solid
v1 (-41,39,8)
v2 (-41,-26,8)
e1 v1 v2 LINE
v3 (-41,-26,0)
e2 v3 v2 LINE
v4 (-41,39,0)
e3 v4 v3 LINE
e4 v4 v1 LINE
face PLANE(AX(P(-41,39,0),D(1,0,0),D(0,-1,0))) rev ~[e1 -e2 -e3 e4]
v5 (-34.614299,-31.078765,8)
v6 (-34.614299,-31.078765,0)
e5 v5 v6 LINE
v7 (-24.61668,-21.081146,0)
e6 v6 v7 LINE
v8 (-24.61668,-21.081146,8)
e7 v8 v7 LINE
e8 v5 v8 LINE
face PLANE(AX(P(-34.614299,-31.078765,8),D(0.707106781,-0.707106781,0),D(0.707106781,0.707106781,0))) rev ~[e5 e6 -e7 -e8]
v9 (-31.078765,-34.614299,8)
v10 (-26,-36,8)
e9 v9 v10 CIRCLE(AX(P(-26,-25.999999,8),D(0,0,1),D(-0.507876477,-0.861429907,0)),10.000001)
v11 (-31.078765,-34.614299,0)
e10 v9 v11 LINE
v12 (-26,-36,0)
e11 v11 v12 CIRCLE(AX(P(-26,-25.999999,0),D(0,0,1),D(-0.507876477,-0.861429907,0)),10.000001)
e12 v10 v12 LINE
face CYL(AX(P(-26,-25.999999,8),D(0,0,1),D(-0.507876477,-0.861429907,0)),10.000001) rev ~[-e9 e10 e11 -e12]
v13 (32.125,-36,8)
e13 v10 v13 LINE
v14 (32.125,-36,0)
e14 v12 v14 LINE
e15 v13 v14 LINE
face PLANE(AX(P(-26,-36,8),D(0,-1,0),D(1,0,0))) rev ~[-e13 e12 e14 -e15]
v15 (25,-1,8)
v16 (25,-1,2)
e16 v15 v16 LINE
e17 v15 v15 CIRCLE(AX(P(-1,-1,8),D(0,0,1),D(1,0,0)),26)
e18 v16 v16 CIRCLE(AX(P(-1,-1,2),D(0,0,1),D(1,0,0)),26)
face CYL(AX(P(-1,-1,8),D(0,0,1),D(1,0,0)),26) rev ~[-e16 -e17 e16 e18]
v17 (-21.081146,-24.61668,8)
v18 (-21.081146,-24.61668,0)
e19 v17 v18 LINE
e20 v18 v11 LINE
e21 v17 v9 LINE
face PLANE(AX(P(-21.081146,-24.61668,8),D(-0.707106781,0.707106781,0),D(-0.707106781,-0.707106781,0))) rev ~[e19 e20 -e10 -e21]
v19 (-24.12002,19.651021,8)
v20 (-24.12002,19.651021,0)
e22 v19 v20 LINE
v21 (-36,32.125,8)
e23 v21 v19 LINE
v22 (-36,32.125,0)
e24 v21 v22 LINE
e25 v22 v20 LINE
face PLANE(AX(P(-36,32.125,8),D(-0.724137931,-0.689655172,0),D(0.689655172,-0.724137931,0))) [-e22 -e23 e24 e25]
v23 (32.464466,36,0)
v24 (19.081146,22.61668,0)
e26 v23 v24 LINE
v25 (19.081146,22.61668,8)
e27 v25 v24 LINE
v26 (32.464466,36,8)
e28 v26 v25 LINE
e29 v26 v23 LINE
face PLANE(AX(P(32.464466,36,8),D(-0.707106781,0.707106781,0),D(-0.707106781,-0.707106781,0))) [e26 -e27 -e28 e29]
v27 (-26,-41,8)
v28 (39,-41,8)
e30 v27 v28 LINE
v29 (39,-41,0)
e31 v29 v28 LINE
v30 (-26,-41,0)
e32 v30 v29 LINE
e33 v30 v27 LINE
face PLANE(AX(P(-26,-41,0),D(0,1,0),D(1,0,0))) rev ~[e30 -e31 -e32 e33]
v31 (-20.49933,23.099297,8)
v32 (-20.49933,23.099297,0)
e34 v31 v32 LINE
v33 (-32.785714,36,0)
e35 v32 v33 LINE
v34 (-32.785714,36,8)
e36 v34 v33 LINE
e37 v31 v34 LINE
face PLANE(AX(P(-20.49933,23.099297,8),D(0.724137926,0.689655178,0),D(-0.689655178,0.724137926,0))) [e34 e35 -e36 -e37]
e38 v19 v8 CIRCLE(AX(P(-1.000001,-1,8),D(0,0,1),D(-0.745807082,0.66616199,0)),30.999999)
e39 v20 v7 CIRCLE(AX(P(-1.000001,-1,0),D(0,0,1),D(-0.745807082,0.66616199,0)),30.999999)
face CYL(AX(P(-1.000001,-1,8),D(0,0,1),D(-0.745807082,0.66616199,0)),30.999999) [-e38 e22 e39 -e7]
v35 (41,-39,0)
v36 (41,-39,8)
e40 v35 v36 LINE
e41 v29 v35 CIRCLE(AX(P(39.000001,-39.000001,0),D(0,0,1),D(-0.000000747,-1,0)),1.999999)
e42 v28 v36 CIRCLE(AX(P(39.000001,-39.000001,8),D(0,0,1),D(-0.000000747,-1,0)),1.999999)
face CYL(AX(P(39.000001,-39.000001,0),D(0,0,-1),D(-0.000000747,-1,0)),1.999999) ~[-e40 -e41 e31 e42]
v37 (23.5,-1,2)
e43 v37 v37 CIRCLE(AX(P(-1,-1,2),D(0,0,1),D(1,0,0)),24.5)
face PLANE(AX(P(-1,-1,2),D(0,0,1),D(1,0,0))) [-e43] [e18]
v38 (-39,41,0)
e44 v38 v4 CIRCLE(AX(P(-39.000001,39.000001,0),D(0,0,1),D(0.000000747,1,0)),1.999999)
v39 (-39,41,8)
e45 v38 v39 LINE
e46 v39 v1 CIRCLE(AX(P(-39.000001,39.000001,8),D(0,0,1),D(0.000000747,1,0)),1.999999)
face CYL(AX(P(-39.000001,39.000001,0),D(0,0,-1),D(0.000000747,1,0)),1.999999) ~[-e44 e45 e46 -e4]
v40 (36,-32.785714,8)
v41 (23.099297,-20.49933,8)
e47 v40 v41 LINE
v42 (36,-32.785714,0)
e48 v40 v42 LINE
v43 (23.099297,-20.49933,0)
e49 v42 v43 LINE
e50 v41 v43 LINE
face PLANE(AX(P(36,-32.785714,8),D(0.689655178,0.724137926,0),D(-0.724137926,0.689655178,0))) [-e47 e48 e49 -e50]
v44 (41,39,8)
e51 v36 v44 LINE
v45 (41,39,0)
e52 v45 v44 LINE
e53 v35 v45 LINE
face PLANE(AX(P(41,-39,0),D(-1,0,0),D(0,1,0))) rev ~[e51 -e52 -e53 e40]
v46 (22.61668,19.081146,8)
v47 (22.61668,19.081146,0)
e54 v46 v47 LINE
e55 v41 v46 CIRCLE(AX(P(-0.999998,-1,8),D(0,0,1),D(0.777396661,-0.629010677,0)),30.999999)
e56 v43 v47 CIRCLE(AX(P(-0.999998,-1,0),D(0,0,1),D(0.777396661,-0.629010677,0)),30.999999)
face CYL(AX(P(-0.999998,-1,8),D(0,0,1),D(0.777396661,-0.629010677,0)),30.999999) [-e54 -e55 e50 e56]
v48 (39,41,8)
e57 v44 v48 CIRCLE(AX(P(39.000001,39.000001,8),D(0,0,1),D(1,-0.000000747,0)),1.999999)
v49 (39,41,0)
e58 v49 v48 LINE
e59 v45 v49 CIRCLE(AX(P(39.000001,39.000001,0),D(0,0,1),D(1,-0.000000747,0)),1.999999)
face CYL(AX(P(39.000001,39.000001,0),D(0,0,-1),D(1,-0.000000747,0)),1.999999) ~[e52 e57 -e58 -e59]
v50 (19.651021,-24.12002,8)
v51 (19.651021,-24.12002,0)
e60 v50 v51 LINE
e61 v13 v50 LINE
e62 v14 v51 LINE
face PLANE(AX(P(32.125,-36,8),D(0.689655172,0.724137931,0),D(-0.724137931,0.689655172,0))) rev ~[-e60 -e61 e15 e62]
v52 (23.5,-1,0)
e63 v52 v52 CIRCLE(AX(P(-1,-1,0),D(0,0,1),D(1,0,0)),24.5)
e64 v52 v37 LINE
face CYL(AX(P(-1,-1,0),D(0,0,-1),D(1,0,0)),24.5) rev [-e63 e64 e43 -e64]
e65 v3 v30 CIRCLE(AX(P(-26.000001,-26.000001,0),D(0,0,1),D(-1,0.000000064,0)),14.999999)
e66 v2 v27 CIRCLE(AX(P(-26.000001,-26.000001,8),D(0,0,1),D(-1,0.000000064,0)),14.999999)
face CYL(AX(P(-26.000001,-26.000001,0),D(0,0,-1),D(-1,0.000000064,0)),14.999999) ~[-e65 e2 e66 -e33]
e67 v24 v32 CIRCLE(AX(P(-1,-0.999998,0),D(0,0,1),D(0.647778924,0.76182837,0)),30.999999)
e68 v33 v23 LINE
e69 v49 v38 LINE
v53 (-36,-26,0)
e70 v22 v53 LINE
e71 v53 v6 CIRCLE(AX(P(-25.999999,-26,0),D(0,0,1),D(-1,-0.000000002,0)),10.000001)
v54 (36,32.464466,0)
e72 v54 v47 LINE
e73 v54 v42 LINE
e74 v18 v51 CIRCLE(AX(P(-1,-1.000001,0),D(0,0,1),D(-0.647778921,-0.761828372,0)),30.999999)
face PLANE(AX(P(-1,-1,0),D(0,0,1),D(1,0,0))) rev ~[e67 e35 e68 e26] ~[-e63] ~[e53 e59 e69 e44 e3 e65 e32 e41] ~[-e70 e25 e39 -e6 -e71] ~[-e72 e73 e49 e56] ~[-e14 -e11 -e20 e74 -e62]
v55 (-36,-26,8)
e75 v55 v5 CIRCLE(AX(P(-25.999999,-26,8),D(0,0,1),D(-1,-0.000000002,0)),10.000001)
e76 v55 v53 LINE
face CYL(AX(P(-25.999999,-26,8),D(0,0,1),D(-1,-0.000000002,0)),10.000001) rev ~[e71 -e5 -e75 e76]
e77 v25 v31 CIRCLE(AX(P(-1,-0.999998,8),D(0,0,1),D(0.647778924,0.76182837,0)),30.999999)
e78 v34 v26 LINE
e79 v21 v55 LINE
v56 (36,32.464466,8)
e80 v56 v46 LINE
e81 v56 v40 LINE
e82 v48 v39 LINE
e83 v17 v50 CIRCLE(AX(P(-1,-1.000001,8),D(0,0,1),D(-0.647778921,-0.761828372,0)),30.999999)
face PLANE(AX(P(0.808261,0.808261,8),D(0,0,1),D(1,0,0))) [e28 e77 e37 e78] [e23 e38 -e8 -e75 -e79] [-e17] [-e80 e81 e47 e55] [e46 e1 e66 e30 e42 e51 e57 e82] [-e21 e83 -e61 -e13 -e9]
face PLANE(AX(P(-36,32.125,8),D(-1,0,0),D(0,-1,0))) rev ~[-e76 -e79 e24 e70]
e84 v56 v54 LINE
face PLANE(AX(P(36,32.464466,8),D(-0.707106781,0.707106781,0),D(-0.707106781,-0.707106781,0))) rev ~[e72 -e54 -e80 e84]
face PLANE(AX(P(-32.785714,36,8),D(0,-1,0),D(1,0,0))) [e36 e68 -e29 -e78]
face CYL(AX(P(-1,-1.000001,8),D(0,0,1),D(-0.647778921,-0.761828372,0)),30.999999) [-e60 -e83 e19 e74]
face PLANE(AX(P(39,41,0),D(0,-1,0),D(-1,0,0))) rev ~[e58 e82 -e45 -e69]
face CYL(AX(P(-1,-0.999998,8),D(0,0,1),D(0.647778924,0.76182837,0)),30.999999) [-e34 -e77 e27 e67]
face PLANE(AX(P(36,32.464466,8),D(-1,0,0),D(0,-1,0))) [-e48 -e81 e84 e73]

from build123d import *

# Parameters (mm, degrees)
PAD_DEPTH       = 8
SKETCH001_R     = 26
POCKET_DEPTH    = 8.001
POCKET001_DEPTH = 8.001
POCKET002_DEPTH = 8.001
POCKET003_DEPTH = 8.001
POCKET004_DEPTH = 8.001
SKETCH006_R     = 26
SKETCH006_R_2   = 24.5
PAD001_DEPTH    = 2


with BuildPart() as part:
    # Sketch → Pad (new body)
    with BuildSketch(Plane.XY):
        with BuildLine():
            Line((-41, 39), (-41, -26))
            ThreePointArc((-41, -26), (-36.606602, -36.606602), (-26, -41))
            Line((-26, -41), (39, -41))
            ThreePointArc((39, -41), (40.414214, -40.414214), (41, -39))
            Line((41, -39), (41, 39))
            ThreePointArc((41, 39), (40.414214, 40.414214), (39, 41))
            Line((39, 41), (-39, 41))
            ThreePointArc((-39, 41), (-40.414214, 40.414214), (-41, 39))
        make_face()
    extrude(amount=PAD_DEPTH)

    # Sketch001 (on DatumPlane) → Pocket (cut, through all)
    with BuildSketch(Plane.XY.offset(8)):
        with Locations((-1, -1)):
            Circle(SKETCH001_R)
    extrude(amount=-POCKET_DEPTH, mode=Mode.SUBTRACT)

    # Sketch002 (on DatumPlane) → Pocket001 (cut, through all)
    with BuildSketch(Plane.XY.offset(8)):
        with BuildLine():
            Line((-26, -36), (32.125, -36))
            Line((32.125, -36), (19.651021, -24.12002))
            ThreePointArc((-21.081146, -24.61668), (-0.622036, -31.997696), (19.651021, -24.12002))
            Line((-21.081146, -24.61668), (-31.078765, -34.614299))
            ThreePointArc((-31.078765, -34.614299), (-28.632205, -35.647357), (-26, -36))
        make_face()
    extrude(amount=-POCKET001_DEPTH, mode=Mode.SUBTRACT)

    # Sketch003 (on DatumPlane) → Pocket002 (cut, through all)
    with BuildSketch(Plane.XY.offset(8)):
        with BuildLine():
            ThreePointArc((-36, -26), (-35.647357, -28.632205), (-34.614299, -31.078765))
            Line((-34.614299, -31.078765), (-24.61668, -21.081146))
            ThreePointArc((-24.12002, 19.651021), (-31.997696, -0.622036), (-24.61668, -21.081146))
            Line((-36, 32.125), (-24.12002, 19.651021))
            Line((-36, 32.125), (-36, -26))
        make_face()
    extrude(amount=-POCKET002_DEPTH, mode=Mode.SUBTRACT)

    # Sketch004 (on DatumPlane) → Pocket003 (cut, through all)
    with BuildSketch(Plane.XY.offset(8)):
        with BuildLine():
            Line((-32.785714, 36), (32.464466, 36))
            Line((32.464466, 36), (19.081146, 22.61668))
            ThreePointArc((19.081146, 22.61668), (-0.622036, 29.997696), (-20.49933, 23.099297))
            Line((-20.49933, 23.099297), (-32.785714, 36))
        make_face()
    extrude(amount=-POCKET003_DEPTH, mode=Mode.SUBTRACT)

    # Sketch005 (on DatumPlane) → Pocket004 (cut, through all)
    with BuildSketch(Plane.XY.offset(8)):
        with BuildLine():
            Line((36, 32.464466), (36, -32.785714))
            Line((36, -32.785714), (23.099297, -20.49933))
            ThreePointArc((23.099297, -20.49933), (29.997696, -0.622036), (22.61668, 19.081146))
            Line((36, 32.464466), (22.61668, 19.081146))
        make_face()
    extrude(amount=-POCKET004_DEPTH, mode=Mode.SUBTRACT)

    # Sketch006 → Pad001 (join)
    with BuildSketch(Plane.XY):
        with Locations((-1, -1)):
            Circle(SKETCH006_R)
        with Locations((-1, -1)):
            Circle(SKETCH006_R_2, mode=Mode.SUBTRACT)
    extrude(amount=PAD001_DEPTH)


solid = part.part
